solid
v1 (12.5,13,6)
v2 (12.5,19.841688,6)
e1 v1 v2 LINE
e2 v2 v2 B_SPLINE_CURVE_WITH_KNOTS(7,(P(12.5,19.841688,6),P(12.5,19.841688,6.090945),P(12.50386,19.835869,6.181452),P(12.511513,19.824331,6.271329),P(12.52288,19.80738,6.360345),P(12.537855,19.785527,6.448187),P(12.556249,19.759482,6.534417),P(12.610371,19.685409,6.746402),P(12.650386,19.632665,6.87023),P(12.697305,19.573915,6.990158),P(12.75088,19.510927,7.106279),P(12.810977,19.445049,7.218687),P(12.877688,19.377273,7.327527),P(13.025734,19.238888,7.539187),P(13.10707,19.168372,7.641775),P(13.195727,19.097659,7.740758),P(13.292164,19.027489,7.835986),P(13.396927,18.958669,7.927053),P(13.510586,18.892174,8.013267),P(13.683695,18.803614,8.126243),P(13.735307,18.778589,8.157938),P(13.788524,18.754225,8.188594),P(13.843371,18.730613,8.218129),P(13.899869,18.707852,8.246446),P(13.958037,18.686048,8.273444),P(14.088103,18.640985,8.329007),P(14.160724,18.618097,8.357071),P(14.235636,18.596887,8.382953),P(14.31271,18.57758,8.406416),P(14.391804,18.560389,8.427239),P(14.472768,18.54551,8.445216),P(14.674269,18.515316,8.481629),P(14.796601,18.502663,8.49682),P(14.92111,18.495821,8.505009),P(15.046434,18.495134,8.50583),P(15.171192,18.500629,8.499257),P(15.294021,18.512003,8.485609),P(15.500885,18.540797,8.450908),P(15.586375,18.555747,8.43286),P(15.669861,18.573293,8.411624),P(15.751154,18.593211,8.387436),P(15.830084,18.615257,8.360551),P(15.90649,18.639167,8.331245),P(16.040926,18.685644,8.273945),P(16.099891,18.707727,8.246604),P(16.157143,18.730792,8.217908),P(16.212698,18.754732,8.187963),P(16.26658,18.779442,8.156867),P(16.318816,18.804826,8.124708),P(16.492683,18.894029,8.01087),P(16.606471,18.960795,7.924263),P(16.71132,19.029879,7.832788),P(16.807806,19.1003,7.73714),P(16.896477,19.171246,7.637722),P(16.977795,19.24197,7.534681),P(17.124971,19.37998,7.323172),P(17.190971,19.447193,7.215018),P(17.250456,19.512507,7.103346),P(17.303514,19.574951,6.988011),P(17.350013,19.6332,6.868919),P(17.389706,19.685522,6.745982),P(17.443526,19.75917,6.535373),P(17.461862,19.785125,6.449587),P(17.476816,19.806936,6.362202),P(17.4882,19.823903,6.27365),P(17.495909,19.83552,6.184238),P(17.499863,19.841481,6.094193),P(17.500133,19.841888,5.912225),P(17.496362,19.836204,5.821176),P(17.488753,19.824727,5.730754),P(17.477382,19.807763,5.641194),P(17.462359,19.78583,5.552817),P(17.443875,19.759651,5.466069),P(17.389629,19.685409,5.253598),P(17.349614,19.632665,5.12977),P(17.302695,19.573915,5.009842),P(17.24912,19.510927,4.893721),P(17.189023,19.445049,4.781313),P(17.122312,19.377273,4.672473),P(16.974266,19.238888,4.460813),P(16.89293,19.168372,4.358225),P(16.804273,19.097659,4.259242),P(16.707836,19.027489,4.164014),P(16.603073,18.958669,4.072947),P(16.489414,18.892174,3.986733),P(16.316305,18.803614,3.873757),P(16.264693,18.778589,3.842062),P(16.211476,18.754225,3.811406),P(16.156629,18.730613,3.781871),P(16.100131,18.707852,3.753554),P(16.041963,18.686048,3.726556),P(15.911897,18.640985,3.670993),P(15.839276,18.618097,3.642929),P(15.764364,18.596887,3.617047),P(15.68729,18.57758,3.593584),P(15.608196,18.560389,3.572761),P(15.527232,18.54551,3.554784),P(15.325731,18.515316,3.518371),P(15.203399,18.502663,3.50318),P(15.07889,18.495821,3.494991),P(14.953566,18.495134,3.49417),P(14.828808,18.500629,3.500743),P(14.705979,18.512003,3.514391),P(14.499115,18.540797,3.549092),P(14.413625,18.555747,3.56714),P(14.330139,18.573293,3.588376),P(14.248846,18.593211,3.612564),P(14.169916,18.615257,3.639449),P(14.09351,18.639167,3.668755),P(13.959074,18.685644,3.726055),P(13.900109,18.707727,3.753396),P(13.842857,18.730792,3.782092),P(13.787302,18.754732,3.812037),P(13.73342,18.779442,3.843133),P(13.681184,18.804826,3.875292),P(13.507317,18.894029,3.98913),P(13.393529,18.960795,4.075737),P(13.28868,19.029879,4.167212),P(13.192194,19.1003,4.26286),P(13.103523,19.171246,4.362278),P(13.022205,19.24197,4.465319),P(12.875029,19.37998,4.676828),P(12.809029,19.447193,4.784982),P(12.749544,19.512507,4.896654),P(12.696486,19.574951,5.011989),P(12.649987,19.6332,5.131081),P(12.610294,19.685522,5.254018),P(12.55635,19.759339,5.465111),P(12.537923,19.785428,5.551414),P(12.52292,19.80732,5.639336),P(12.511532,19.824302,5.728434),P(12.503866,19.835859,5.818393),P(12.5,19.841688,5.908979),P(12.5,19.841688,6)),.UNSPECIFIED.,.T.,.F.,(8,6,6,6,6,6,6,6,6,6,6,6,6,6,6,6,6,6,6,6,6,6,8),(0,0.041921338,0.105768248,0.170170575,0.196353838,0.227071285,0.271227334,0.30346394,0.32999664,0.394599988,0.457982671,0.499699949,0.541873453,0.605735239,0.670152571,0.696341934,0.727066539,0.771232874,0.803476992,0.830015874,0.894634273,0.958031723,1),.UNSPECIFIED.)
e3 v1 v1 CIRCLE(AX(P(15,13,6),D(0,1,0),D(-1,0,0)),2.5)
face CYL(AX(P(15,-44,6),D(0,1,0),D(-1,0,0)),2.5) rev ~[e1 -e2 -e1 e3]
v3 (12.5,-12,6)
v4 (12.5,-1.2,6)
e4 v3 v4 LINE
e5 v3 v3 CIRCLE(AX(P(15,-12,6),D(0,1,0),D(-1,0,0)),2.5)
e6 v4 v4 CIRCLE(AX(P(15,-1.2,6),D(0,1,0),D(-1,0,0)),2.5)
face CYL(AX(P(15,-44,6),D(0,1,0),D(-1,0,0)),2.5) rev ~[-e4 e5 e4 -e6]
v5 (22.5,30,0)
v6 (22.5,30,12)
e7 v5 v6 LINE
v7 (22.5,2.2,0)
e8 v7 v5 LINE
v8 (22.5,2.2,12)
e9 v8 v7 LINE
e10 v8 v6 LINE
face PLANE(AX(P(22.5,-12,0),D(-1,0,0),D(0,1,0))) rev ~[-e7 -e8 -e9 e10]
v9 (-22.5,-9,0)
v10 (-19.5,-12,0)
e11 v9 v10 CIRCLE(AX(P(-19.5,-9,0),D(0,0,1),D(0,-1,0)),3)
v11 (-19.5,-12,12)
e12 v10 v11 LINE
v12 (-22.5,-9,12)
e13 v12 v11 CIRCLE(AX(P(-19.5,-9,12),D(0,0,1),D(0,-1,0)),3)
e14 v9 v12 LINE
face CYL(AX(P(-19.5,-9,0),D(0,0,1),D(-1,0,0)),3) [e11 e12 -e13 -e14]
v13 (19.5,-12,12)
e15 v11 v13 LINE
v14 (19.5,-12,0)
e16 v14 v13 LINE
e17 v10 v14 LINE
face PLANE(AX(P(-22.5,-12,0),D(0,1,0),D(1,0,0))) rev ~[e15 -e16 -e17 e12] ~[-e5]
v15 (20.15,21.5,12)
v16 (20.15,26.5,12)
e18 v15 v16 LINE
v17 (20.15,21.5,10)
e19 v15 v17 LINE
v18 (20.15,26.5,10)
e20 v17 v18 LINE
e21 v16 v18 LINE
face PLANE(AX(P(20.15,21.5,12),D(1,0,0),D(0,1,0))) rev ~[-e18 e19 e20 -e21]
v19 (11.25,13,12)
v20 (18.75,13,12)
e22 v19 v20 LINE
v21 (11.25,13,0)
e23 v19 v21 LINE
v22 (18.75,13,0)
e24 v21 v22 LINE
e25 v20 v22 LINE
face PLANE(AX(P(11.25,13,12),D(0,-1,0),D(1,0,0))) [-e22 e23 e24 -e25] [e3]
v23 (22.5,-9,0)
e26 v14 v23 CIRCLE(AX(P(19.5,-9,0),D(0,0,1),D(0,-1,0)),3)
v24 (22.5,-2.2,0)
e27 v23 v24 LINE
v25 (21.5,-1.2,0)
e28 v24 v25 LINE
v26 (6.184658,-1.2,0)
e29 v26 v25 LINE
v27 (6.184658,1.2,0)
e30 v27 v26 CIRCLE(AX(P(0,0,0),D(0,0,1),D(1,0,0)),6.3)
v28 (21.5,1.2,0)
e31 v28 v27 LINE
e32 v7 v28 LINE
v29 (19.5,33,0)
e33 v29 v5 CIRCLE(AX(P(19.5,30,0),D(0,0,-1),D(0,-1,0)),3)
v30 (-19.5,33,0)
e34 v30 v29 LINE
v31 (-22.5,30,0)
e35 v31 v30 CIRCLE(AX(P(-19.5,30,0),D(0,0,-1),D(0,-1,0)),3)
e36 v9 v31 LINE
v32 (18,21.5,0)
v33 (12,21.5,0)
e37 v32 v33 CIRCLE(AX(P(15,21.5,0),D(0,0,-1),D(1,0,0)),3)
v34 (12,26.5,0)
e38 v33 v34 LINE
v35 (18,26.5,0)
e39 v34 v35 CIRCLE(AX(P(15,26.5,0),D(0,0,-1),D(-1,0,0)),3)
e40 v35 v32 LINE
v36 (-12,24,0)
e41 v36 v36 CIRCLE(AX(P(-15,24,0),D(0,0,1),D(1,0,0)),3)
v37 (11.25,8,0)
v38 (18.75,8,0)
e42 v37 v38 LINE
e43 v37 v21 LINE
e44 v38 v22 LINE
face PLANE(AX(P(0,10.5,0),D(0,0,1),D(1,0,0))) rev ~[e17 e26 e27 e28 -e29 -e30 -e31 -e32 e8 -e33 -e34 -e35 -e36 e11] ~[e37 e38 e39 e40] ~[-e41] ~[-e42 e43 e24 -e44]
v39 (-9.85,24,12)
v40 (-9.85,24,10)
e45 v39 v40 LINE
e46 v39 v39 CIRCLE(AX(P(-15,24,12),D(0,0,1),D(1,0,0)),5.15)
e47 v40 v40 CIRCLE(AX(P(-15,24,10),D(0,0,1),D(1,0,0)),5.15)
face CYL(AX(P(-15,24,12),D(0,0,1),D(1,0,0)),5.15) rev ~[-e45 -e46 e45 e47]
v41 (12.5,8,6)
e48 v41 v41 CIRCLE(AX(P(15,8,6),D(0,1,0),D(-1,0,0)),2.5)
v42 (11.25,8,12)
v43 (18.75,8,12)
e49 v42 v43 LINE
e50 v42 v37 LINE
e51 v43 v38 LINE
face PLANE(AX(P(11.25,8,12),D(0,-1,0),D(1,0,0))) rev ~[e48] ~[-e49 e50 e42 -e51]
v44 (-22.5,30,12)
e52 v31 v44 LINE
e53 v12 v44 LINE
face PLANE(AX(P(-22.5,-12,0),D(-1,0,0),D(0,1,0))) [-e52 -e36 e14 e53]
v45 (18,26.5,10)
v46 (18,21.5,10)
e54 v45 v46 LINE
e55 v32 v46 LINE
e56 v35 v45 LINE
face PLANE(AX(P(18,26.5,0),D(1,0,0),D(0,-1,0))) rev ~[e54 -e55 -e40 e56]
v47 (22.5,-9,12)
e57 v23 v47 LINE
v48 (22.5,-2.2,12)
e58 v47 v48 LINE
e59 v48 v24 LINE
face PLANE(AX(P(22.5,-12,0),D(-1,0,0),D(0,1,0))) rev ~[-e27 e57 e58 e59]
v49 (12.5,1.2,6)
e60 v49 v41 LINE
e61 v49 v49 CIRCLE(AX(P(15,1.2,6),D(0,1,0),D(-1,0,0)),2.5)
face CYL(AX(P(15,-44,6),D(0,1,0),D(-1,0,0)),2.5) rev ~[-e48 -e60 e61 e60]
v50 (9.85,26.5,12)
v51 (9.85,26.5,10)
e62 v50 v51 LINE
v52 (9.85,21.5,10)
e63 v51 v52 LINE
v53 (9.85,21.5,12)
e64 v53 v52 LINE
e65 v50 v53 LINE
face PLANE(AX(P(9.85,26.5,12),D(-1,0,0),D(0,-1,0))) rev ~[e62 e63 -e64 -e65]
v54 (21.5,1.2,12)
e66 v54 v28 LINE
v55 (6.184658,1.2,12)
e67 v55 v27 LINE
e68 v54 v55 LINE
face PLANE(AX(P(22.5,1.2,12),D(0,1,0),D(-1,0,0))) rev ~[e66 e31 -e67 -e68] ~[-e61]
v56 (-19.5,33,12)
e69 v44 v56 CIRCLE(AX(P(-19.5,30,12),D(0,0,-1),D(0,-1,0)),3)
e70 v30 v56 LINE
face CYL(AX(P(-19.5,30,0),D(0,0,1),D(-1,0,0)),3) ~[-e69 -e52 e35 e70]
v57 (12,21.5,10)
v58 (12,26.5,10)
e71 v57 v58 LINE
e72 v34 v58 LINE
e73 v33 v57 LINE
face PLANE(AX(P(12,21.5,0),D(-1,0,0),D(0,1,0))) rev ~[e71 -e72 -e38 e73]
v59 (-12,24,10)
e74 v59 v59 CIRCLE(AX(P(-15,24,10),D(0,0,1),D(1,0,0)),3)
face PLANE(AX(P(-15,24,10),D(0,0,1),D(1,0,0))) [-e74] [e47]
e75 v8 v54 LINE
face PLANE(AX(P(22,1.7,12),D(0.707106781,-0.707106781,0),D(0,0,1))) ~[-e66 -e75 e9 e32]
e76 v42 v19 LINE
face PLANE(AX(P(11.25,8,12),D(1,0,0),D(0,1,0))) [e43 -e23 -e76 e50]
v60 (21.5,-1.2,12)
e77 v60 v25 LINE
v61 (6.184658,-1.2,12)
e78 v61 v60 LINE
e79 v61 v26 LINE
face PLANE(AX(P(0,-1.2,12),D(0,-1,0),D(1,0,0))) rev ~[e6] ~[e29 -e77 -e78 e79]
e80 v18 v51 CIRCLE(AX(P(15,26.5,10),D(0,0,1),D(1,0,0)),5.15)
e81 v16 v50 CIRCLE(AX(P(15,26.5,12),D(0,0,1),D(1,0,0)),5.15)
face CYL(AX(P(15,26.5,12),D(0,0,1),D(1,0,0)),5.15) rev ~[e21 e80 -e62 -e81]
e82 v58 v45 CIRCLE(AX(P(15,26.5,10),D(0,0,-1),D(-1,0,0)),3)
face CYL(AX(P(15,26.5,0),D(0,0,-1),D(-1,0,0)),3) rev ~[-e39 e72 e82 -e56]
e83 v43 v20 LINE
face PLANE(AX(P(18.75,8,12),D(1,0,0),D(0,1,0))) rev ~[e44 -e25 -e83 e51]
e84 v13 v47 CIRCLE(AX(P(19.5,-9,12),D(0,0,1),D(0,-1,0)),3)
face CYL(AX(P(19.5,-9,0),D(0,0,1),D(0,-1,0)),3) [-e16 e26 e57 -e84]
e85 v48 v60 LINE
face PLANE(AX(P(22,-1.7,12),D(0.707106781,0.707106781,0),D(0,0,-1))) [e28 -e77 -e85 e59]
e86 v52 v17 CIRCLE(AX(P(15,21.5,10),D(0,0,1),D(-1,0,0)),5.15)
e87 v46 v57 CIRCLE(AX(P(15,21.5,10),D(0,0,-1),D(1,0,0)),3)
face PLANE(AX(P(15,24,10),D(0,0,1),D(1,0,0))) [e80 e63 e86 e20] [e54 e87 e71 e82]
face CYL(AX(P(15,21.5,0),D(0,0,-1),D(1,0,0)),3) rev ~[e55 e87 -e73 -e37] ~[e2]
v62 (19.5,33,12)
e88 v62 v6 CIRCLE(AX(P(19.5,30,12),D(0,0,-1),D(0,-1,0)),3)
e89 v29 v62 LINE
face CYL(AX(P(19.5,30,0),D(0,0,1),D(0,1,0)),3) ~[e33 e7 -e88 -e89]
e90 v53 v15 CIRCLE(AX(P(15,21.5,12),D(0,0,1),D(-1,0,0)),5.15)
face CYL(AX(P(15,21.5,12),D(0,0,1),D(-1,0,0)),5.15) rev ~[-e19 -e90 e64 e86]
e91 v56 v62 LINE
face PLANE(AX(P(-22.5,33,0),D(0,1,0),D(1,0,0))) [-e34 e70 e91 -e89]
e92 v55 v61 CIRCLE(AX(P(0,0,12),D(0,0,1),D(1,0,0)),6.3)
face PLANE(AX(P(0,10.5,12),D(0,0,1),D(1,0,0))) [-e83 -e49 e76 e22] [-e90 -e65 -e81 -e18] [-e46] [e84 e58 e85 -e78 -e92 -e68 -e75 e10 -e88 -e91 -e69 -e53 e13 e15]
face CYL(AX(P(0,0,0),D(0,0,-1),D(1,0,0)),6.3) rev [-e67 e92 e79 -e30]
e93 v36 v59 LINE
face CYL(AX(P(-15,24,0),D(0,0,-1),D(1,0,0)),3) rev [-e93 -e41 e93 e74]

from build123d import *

# Parameters (mm, degrees)
F0_W      = 45
F0_H      = 45
F0_R      = 6.3
F0_R_2    = 3
F1_DEPTH  = 12
F3_D      = 5
F3_DEPTH  = 32
F3_TIP    = 1.5021515476
F5_DEPTH  = 25
F6_W      = 7.5
F6_H      = 5
F7_DEPTH  = 25
F8_R      = 3
F9_SIZE   = 1
F10_R     = 5.15
F10_R_2   = 3
F11_DEPTH = 2


with BuildPart() as f1:
    # F0 (on Top) → F1 (new body)
    with BuildSketch(Plane.XY):
        with Locations((0, 10.5)):
            Rectangle(F0_W, F0_H)
        Circle(F0_R, mode=Mode.SUBTRACT)
        with Locations((-15, 24)):
            Circle(F0_R_2, mode=Mode.SUBTRACT)
        with BuildLine():
            Line((12, 21.5), (12, 26.5))
            ThreePointArc((12, 26.5), (15, 29.5), (18, 26.5))
            Line((18, 26.5), (18, 21.5))
            ThreePointArc((18, 21.5), (15, 18.5), (12, 21.5))
        make_face(mode=Mode.SUBTRACT)
    extrude(amount=F1_DEPTH)

    # F3
    with Locations(Plane.XZ.offset(12)):
        with Locations((15, 6)):
            Hole(F3_D / 2, depth=F3_DEPTH)
            with Locations((0, 0, -(F3_DEPTH + F3_TIP / 2))):  # 118° drill point
                Cone(0, F3_D / 2, F3_TIP, mode=Mode.SUBTRACT)

    # F4 (on face) → F5 (cut)
    with BuildSketch(Plane.XY.offset(12)):
        with BuildLine():
            Line((22.5, 1.2), (6.1846584384, 1.2))
            ThreePointArc((6.1846584384, 1.2), (6.2710983154, 0.6027652271), (6.3, 0))
            ThreePointArc((6.3, 0), (6.2710983154, -0.6027652271), (6.1846584384, -1.2))
            Line((6.1846584384, -1.2), (22.5, -1.2))
            Line((22.5, -1.2), (22.5, 1.2))
        make_face()
        with BuildLine():
            Line((6.1846584384, 1.2), (0, 1.2))
            Line((0, 1.2), (0, -1.2))
            Line((0, -1.2), (6.1846584384, -1.2))
            ThreePointArc((6.1846584384, -1.2), (6.2710983154, -0.6027652271), (6.3, 0))
            ThreePointArc((6.3, 0), (6.2710983154, 0.6027652271), (6.1846584384, 1.2))
        make_face()
    extrude(amount=-F5_DEPTH, mode=Mode.SUBTRACT)

    # F6 (on face) → F7 (cut)
    with BuildSketch(Plane.XY.offset(12)):
        with Locations((15, 10.5)):
            Rectangle(F6_W, F6_H)
    extrude(amount=-F7_DEPTH, mode=Mode.SUBTRACT)

    # F8
    f8_edges = [f1.edges().sort_by_distance(p)[0] for p in [
        (-22.5, -12, 6),
        (22.5, -12, 6),
        (-22.5, 33, 6),
        (22.5, 33, 6),
    ]]
    fillet(f8_edges, radius=F8_R)

    # F9
    f9_edges = [f1.edges().sort_by_distance(p)[0] for p in [
        (22.5, -1.2, 6),
        (22.5, 1.2, 6),
    ]]
    chamfer(f9_edges, length=F9_SIZE)

    # F10 (on face) → F11 (cut)
    with BuildSketch(Plane.XY.offset(12)):
        with Locations((-15, 24)):
            Circle(F10_R)
        with Locations((-15, 24)):
            Circle(F10_R_2, mode=Mode.SUBTRACT)
        with BuildLine():
            Line((20.15, 21.5), (20.15, 26.5))
            ThreePointArc((20.15, 26.5), (15, 31.65), (9.85, 26.5))
            Line((9.85, 26.5), (9.85, 21.5))
            ThreePointArc((9.85, 21.5), (15, 16.35), (20.15, 21.5))
        make_face()
        with BuildLine():
            ThreePointArc((18, 21.5), (15, 18.5), (12, 21.5))
            Line((12, 21.5), (12, 26.5))
            ThreePointArc((12, 26.5), (15, 29.5), (18, 26.5))
            Line((18, 26.5), (18, 21.5))
        make_face(mode=Mode.SUBTRACT)
    extrude(amount=-F11_DEPTH, mode=Mode.SUBTRACT)


solid = f1.part
